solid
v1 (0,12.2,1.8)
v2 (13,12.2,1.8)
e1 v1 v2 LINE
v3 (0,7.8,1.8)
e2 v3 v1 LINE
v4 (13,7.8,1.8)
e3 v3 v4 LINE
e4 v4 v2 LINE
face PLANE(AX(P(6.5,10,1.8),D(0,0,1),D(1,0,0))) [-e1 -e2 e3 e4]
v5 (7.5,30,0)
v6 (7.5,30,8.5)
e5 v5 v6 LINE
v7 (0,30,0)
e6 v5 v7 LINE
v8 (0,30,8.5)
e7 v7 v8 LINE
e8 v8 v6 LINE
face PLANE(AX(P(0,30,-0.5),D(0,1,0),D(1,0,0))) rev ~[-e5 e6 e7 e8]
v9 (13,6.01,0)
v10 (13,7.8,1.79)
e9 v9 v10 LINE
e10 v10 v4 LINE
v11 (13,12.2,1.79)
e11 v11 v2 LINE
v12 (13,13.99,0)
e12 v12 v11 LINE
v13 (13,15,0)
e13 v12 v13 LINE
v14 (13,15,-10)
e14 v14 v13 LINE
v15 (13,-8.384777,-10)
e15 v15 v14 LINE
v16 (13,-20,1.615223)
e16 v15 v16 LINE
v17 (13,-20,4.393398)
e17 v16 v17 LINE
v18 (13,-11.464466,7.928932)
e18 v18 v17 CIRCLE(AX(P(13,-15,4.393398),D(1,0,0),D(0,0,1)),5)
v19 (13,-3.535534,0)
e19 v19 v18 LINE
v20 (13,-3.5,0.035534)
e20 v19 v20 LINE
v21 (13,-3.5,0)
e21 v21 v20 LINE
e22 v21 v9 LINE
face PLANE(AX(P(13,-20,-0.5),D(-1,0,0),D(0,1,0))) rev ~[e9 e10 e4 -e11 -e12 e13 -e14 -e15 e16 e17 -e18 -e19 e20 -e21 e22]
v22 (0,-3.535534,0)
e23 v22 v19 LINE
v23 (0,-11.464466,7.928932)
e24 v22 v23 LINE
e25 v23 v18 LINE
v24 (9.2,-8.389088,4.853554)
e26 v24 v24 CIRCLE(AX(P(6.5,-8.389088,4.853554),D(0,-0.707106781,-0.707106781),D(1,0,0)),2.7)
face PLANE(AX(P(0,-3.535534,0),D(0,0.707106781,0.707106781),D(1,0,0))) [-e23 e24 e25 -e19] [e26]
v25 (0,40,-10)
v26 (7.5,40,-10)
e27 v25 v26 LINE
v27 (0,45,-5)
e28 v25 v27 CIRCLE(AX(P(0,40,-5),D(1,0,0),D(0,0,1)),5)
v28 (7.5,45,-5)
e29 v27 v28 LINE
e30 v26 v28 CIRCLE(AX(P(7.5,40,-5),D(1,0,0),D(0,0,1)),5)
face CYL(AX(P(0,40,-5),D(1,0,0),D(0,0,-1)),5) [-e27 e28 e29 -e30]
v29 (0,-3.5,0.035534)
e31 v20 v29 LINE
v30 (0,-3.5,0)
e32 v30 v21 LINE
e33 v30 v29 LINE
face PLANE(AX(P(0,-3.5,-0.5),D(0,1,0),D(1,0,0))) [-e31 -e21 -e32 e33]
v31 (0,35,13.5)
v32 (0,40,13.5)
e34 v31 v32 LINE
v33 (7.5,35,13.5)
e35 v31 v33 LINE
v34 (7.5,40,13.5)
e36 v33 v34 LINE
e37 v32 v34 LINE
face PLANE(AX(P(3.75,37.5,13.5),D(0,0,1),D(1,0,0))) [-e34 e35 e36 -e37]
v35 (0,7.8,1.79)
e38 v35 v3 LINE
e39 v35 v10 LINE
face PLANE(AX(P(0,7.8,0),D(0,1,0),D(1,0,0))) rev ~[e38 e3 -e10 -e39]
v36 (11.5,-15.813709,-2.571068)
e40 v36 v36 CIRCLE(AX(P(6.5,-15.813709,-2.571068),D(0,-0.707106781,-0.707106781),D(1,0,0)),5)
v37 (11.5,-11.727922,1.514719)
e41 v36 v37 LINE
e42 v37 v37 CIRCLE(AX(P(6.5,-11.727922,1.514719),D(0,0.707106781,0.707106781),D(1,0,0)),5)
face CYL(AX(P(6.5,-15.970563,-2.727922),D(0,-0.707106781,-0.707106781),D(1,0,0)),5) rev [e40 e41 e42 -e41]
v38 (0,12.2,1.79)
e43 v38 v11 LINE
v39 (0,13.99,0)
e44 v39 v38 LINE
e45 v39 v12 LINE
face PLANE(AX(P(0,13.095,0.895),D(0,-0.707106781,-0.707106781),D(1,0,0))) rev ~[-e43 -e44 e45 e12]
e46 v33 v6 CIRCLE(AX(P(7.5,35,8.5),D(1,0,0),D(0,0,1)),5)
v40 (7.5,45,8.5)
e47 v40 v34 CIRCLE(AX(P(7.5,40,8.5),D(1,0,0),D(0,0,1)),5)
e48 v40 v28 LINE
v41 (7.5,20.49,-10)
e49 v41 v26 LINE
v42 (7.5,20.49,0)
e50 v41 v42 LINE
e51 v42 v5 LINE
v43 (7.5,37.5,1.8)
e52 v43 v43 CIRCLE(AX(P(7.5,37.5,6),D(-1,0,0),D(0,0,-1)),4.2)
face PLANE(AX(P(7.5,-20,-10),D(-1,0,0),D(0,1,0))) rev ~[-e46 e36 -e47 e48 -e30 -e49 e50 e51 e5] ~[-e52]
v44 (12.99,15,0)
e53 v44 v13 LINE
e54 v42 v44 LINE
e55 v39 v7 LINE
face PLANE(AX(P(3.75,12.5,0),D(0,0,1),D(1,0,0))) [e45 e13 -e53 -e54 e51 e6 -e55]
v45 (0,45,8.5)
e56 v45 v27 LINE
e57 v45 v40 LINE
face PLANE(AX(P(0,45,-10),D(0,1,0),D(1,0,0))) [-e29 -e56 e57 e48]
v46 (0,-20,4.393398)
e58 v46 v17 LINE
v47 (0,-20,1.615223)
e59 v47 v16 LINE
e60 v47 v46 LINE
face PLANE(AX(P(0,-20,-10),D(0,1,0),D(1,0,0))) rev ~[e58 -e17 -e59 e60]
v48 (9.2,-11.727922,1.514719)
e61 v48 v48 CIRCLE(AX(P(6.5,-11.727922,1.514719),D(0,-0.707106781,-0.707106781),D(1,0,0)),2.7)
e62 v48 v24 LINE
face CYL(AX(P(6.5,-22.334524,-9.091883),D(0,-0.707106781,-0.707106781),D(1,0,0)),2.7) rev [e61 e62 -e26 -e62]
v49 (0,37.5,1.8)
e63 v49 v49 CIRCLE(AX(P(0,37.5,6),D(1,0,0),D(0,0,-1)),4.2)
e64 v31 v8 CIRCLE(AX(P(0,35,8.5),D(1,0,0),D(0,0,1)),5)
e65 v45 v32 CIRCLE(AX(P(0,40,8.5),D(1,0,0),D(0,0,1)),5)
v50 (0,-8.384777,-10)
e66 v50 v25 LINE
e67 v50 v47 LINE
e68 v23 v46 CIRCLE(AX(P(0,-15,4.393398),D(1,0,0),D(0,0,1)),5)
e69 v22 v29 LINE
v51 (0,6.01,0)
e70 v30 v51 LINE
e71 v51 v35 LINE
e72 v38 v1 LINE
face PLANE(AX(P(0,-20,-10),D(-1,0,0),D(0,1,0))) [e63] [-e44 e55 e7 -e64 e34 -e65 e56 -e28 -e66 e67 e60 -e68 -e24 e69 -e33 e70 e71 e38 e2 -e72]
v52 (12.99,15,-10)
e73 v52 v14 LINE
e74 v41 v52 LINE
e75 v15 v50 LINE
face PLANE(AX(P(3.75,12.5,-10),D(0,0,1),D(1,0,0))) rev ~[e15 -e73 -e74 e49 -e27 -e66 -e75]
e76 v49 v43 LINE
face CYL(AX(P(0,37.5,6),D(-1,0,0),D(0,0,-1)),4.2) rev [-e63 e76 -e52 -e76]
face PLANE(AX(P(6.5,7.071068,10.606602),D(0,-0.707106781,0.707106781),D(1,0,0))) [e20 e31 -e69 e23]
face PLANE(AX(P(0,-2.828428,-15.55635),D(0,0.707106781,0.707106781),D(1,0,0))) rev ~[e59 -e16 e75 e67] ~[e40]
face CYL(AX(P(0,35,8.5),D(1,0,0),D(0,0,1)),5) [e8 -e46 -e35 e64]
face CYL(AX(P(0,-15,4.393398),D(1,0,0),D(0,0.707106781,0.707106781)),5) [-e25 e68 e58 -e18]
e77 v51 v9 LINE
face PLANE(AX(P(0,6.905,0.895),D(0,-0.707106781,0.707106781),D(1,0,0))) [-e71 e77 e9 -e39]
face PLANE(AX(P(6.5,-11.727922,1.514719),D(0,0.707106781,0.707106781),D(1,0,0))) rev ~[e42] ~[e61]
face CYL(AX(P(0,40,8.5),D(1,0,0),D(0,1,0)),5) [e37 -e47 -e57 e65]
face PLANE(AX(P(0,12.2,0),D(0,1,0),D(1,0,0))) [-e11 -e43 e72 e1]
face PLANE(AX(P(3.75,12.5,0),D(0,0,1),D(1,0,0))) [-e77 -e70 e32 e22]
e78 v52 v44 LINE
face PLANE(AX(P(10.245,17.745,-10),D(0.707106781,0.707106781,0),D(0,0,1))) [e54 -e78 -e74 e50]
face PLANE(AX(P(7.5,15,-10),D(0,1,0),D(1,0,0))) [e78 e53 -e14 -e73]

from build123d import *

# Parameters (mm, degrees)
BOX013_W                    = 13
BOX013_H                    = 4.4
BOX013_DEPTH                = 1.8
CYLINDER007_R               = 5
CYLINDER007_DEPTH           = 6
CYLINDER007_PLACEMENT_ANGLE = 45
BOX011_W                    = 13
BOX011_H                    = 30
BOX011_DEPTH                = 50
BOX011_PLACEMENT_ANGLE      = 45
CYLINDER006_R               = 2.7
CYLINDER006_DEPTH           = 20
CYLINDER006_PLACEMENT_ANGLE = 45
BOX009_W                    = 13
BOX009_H                    = 10
BOX009_DEPTH                = 10
BOX008_W                    = 13
BOX008_H                    = 30
BOX008_DEPTH                = 50
BOX008_PLACEMENT_ANGLE      = 45
BOX007_W                    = 13
BOX007_H                    = 20
BOX007_DEPTH                = 30
CYLINDER005_R               = 4.2
CYLINDER005_DEPTH           = 10
BOX006_W                    = 7.5
BOX006_H                    = 15
BOX006_DEPTH                = 14
BOX005_W                    = 7.5
BOX005_H                    = 65
BOX005_DEPTH                = 10
BOX010_W                    = 5.5
BOX010_H                    = 35
BOX010_DEPTH                = 10
FILLET004_R                 = 5
CHAMFER001_SIZE             = 5.49
CHAMFER002_SIZE             = 1.79


with BuildPart() as cube009:
    # Box013 → Box013 (new body)
    with BuildSketch(Plane(origin=(0, 7.8, 0), x_dir=(1, 0, 0), z_dir=(0, 0, 1))):
        with Locations((6.5, 2.2)):
            Rectangle(BOX013_W, BOX013_H)
    extrude(amount=BOX013_DEPTH)


with BuildPart() as cylinder007:
    # Cylinder007 → Cylinder007 (new body)
    with BuildSketch(Plane.XY):
        Circle(CYLINDER007_R)
    extrude(amount=CYLINDER007_DEPTH)


with BuildPart() as cylinder007_1:
    # Cylinder007 placement: moved
    add(cylinder007.part.moved(Location((6.5, -15.970563, -2.727922))).rotate(Axis((6.5, -15.970563, -2.727922), (-1, 0, 0)), CYLINDER007_PLACEMENT_ANGLE))


with BuildPart() as box011:
    # Box011 → Box011 (new body)
    with BuildSketch(Plane.XY):
        with Locations((6.5, 15)):
            Rectangle(BOX011_W, BOX011_H)
    extrude(amount=BOX011_DEPTH)


with BuildPart() as box011_1:
    # Box011 placement: moved
    add(box011.part.moved(Location((0, -24.041631, -36.769553))).rotate(Axis((0, -24.041631, -36.769553), (1, 0, 0)), BOX011_PLACEMENT_ANGLE))


with BuildPart() as cylinder006:
    # Cylinder006 → Cylinder006 (new body)
    with BuildSketch(Plane.XY):
        Circle(CYLINDER006_R)
    extrude(amount=CYLINDER006_DEPTH)


with BuildPart() as cylinder006_1:
    # Cylinder006 placement: moved
    add(cylinder006.part.moved(Location((6.5, -22.334524, -9.091883))).rotate(Axis((6.5, -22.334524, -9.091883), (-1, 0, 0)), CYLINDER006_PLACEMENT_ANGLE))


with BuildPart() as cube008:
    # Box009 → Box009 (new body)
    with BuildSketch(Plane(origin=(0, -3.5, -0.5), x_dir=(1, 0, 0), z_dir=(0, 0, 1))):
        with Locations((6.5, 5)):
            Rectangle(BOX009_W, BOX009_H)
    extrude(amount=BOX009_DEPTH)


with BuildPart() as cube007:
    # Box008 → Box008 (new body)
    with BuildSketch(Plane.XY):
        with Locations((6.5, 15)):
            Rectangle(BOX008_W, BOX008_H)
    extrude(amount=BOX008_DEPTH)


with BuildPart() as cube007_1:
    # Box008 placement: moved
    add(cube007.part.moved(Location((0, -3.535534, 0))).rotate(Axis((0, -3.535534, 0), (1, 0, 0)), BOX008_PLACEMENT_ANGLE))


with BuildPart() as cut005:
    # Box007 → Box007 (new body)
    with BuildSketch(Plane(origin=(0, -20, -0.5), x_dir=(1, 0, 0), z_dir=(0, 0, 1))):
        with Locations((6.5, 10)):
            Rectangle(BOX007_W, BOX007_H)
    extrude(amount=BOX007_DEPTH)

    # Cut004: cut Cube007
    add(cube007_1.part, mode=Mode.SUBTRACT)

    # Cut005: cut Cube008-
    add(cube008.part, mode=Mode.SUBTRACT)


with BuildPart() as cylinder005:
    # Cylinder005 → Cylinder005 (new body)
    with BuildSketch(Plane(origin=(0, 37.5, 6), x_dir=(0, 0, -1), z_dir=(1, 0, 0))):
        Circle(CYLINDER005_R)
    extrude(amount=CYLINDER005_DEPTH)


with BuildPart() as cube005:
    # Box006 → Box006 (new body)
    with BuildSketch(Plane(origin=(0, 30, -0.5), x_dir=(1, 0, 0), z_dir=(0, 0, 1))):
        with Locations((3.75, 7.5)):
            Rectangle(BOX006_W, BOX006_H)
    extrude(amount=BOX006_DEPTH)


with BuildPart() as cut003:
    # Box005 → Box005 (new body)
    with BuildSketch(Plane(origin=(0, -20, -10), x_dir=(1, 0, 0), z_dir=(0, 0, 1))):
        with Locations((3.75, 32.5)):
            Rectangle(BOX005_W, BOX005_H)
    extrude(amount=BOX005_DEPTH)

    # Fusion003: union Cube005+
    add(cube005.part)

    # Cut003: cut Cylinder005-
    add(cylinder005.part, mode=Mode.SUBTRACT)


with BuildPart() as body001:
    # Box010 → Box010 (new body)
    with BuildSketch(Plane(origin=(7.5, -20, -10), x_dir=(1, 0, 0), z_dir=(0, 0, 1))):
        with Locations((2.75, 17.5)):
            Rectangle(BOX010_W, BOX010_H)
    extrude(amount=BOX010_DEPTH)

    # Fusion004: union Cut005, Cut003
    add(cut005.part)
    add(cut003.part)

    # Cut006: cut Cylinder006-
    add(cylinder006_1.part, mode=Mode.SUBTRACT)

    # Cut007: cut Box011
    add(box011_1.part, mode=Mode.SUBTRACT)

    # Cut009: cut Cylinder007
    add(cylinder007_1.part, mode=Mode.SUBTRACT)

    # Fusion005: union Cube009
    add(cube009.part)

    # Fillet004
    fillet004_edges = [body001.edges().sort_by_distance(p)[0] for p in [
        (3.75, 45, 13.5),
        (3.75, 30, 13.5),
        (6.5, -20, 16.464466),
        (3.75, 45, -10),
    ]]
    fillet(fillet004_edges, radius=FILLET004_R)

    # Chamfer001
    chamfer001_edges = [body001.edges().sort_by_distance(p)[0] for p in [
        (7.5, 15, -5),
    ]]
    chamfer(chamfer001_edges, length=CHAMFER001_SIZE)

    # Chamfer002
    chamfer002_edges = [body001.edges().sort_by_distance(p)[0] for p in [
        (10.25, 12.2, 0),
        (3.75, 12.2, 0),
        (3.75, 7.8, 0),
        (10.25, 7.8, 0),
    ]]
    chamfer(chamfer002_edges, length=CHAMFER002_SIZE)


solid = body001.part
